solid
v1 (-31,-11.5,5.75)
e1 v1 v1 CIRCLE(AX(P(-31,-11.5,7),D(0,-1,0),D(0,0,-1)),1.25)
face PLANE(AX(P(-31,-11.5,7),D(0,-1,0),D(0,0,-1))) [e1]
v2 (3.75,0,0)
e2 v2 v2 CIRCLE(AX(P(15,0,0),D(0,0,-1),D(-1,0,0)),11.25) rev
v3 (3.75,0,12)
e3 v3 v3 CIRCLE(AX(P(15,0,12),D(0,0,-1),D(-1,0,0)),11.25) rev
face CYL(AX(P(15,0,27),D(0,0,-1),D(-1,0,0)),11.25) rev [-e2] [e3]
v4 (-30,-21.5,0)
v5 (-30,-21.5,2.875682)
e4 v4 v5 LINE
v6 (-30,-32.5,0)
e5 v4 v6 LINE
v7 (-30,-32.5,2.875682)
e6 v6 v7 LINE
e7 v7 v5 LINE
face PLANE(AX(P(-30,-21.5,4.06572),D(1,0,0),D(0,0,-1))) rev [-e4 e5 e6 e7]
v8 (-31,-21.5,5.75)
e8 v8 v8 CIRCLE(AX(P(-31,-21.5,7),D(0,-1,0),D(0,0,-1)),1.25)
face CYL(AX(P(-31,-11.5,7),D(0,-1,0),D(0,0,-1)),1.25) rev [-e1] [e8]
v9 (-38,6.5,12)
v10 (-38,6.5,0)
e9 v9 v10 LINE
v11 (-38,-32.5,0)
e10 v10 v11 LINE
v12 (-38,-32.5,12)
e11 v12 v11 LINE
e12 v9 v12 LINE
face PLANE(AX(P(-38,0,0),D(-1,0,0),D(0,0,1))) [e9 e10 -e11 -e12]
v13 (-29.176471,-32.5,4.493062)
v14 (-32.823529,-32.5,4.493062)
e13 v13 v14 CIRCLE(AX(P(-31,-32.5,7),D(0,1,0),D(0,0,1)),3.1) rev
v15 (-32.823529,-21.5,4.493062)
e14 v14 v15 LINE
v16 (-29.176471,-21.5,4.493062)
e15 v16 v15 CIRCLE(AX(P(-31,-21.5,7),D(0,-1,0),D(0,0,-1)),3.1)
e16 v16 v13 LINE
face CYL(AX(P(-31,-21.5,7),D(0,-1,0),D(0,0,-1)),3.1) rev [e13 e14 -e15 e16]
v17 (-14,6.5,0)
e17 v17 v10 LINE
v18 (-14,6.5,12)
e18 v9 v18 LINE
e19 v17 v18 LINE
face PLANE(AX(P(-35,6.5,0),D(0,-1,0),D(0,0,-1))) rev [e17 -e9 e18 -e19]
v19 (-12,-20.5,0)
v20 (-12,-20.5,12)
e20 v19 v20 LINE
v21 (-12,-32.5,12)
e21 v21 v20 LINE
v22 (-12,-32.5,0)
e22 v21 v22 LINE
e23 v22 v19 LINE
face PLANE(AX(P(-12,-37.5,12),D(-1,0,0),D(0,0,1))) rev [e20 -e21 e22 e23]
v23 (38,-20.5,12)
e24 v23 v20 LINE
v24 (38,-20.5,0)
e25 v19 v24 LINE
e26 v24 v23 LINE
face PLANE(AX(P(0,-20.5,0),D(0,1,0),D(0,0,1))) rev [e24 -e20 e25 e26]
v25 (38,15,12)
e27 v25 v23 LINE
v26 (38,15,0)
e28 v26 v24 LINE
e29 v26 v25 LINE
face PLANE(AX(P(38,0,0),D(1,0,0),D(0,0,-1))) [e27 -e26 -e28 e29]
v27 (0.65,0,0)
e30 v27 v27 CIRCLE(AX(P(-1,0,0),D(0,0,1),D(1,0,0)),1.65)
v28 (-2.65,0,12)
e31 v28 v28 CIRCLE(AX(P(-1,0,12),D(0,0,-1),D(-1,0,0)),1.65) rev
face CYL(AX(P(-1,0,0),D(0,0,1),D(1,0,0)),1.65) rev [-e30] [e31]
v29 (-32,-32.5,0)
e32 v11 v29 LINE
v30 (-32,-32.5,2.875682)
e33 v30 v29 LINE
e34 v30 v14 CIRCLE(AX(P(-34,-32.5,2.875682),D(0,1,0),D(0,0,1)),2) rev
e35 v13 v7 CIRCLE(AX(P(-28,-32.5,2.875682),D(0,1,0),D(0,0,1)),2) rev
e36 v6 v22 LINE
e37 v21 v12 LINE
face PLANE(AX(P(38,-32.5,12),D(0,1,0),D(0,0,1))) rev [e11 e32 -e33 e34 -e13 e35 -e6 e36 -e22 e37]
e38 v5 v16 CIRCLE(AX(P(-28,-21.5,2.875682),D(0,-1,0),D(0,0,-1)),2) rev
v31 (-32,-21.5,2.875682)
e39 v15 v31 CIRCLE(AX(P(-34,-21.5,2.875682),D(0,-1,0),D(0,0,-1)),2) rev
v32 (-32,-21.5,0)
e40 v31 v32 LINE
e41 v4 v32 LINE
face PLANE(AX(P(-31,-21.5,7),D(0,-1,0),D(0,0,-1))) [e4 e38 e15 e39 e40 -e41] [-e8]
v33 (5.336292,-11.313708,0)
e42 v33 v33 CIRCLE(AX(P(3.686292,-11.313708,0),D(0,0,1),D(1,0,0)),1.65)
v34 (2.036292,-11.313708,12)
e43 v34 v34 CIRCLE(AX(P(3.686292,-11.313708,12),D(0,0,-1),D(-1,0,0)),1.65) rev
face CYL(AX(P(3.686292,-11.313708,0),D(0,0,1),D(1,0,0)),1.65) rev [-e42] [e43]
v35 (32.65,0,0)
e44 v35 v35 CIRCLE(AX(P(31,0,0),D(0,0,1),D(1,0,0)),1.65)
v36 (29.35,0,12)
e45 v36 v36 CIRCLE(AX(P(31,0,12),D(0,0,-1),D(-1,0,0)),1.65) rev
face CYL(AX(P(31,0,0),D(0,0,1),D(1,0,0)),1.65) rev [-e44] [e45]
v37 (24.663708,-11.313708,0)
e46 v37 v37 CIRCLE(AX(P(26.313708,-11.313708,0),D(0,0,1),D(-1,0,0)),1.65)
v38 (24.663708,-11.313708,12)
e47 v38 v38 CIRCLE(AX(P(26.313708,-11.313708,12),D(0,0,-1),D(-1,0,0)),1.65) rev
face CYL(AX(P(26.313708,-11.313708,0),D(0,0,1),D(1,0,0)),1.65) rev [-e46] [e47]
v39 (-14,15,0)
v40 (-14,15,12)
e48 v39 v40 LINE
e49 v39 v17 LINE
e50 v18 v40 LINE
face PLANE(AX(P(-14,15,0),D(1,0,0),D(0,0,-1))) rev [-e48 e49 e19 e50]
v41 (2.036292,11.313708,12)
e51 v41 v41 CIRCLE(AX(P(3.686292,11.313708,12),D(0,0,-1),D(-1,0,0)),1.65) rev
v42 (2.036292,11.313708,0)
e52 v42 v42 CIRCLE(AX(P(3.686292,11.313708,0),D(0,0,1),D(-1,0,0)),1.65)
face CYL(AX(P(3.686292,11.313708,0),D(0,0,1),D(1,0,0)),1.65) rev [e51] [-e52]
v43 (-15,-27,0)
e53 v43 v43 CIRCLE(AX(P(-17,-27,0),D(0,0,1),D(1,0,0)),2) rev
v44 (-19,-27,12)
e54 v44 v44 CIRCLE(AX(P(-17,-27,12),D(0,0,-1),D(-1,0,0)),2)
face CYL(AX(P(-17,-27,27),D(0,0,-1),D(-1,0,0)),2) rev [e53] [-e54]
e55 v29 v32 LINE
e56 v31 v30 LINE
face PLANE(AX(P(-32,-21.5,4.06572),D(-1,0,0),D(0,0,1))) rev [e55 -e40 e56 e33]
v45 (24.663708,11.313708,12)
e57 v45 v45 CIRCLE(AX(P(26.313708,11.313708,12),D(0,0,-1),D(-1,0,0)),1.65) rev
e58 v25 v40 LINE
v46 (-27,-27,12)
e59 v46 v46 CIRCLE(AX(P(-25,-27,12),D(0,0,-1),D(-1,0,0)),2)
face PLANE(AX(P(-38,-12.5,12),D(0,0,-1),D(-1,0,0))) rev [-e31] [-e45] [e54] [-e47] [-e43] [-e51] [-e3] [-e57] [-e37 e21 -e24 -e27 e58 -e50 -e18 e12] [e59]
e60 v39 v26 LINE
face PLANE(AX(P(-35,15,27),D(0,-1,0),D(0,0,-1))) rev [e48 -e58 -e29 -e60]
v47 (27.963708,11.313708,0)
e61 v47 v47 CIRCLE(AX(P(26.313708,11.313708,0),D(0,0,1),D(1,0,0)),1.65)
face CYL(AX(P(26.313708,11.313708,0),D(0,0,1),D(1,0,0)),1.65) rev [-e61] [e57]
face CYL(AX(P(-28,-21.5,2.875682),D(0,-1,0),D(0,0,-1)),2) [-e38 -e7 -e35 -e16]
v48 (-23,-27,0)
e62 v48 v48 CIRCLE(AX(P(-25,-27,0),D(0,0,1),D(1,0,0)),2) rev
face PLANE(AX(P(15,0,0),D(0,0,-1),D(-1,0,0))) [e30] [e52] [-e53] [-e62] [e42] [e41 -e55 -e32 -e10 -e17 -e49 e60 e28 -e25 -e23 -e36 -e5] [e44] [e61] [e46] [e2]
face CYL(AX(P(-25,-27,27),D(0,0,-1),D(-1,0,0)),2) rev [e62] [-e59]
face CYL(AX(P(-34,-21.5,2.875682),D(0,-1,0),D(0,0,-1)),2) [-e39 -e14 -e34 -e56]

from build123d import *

# Parameters (mm, degrees)
SKETCH_1_W           = 70
SKETCH_1_H           = 30
EXTRUDE_1_DEPTH      = 27
CUT_EXTRUDE_1_DEPTH  = 47.679760068
SKETCH_3_R           = 1.65
CUT_EXTRUDE_2_DEPTH  = 47.679760068
SKETCH_4_W           = 21
SKETCH_4_H           = 8.5
CUT_EXTRUDE_3_DEPTH  = 47.679760068
SKETCH_7_R           = 11.25
CUT_EXTRUDE_5_DEPTH  = 47.679760068
SKETCH_8_W           = 21.5
SKETCH_8_H           = 21.5
EXTRUDE_2_DEPTH      = 8
SKETCH_10_R          = 1.5
CUT_EXTRUDE_6_DEPTH  = 54.422841557
SKETCH_12_W          = 35
SKETCH_12_H          = 21.5
EXTRUDE_3_DEPTH      = 3
SKETCH_13_R          = 3
CUT_EXTRUDE_7_DEPTH  = 15
SKETCH_14_R          = 1.65
EXTRUDE_4_DEPTH      = 27
SKETCH_15_W          = 27
SKETCH_15_H          = 30
EXTRUDE_5_DEPTH      = 3
EXTRUDE_START        = 5.5
SKETCH_16_R          = 3
EXTRUDE_6_DEPTH      = 5.5
SKETCH_22_W          = 26
SKETCH_22_H          = 15
CUT_EXTRUDE_9_DEPTH  = 8
EXTRUDE_START_2      = 8
SKETCH_20_R          = 11.25
EXTRUDE_8_DEPTH      = 8
CUT_EXTRUDE_8_DEPTH  = 8
SKETCH_23_W          = 26
SKETCH_23_H          = 20
EXTRUDE_9_DEPTH      = 17
SKETCH_24_R          = 2
CUT_EXTRUDE_10_DEPTH = 64.837684795
SKETCH_25_R          = 3.75
CUT_EXTRUDE_11_DEPTH = 5
SKETCH_26_R          = 3.1
CUT_EXTRUDE_12_DEPTH = 16
SKETCH_27_R          = 1.25
CUT_EXTRUDE_13_DEPTH = 10
SKETCH_28_W          = 2
SKETCH_28_H          = 12.06571985
CUT_EXTRUDE_14_DEPTH = 16
FILLET_1_R           = 2
SKETCH_29_W          = 20
SKETCH_29_H          = 5
CUT_EXTRUDE_15_DEPTH = 89.945207853
SKETCH_30_W          = 8
SKETCH_30_H          = 47.5
CUT_EXTRUDE_16_DEPTH = 87.955448363
SKETCH_31_W          = 15
SKETCH_31_H          = 35.5
CUT_EXTRUDE_17_DEPTH = 87.955448363


with BuildPart() as part:
    # 草图1 → 凸台-拉伸1 (new body)
    with BuildSketch(Plane.XY):
        Rectangle(SKETCH_1_W, SKETCH_1_H)
    extrude(amount=EXTRUDE_1_DEPTH)

    # 草图2 → 切除-拉伸1 (cut, through all)
    with BuildSketch(Plane.XY.offset(27)):
        with BuildLine():
            Line((28.228756555, -15), (35, -15))
            Line((35, -15), (35, 0))
            ThreePointArc((35, 0), (33.228756555, -8.228756555), (28.228756555, -15))
        make_face()
        with BuildLine():
            ThreePointArc((28.228756555, 15), (33.228756555, 8.228756555), (35, 0))
            Line((35, 0), (35, 15))
            Line((35, 15), (28.228756555, 15))
        make_face()
    extrude(amount=-CUT_EXTRUDE_1_DEPTH, mode=Mode.SUBTRACT)

    # 草图3 → 切除-拉伸2 (cut, through all)
    with BuildSketch(Plane.XY.offset(27)):
        with Locations((31, 0)):
            Circle(SKETCH_3_R)
        with Locations((26.313708499, 11.313708499)):
            Circle(SKETCH_3_R)
        with Locations(Location((26.313708499, -11.313708499, 0), (0, 0, 180))):
            Circle(SKETCH_3_R)
        with Locations(Location((3.686291501, 11.313708499, 0), (0, 0, 180))):
            Circle(SKETCH_3_R)
        with Locations((3.686291501, -11.313708499)):
            Circle(SKETCH_3_R)
        with Locations((-1, 0)):
            Circle(SKETCH_3_R)
    extrude(amount=-CUT_EXTRUDE_2_DEPTH, mode=Mode.SUBTRACT)

    # 草图4 → 切除-拉伸3 (cut, through all)
    with BuildSketch(Plane.XY.offset(27)):
        with Locations((-24.5, 10.75)):
            Rectangle(SKETCH_4_W, SKETCH_4_H)
    extrude(amount=-CUT_EXTRUDE_3_DEPTH, mode=Mode.SUBTRACT)

    # 草图7 → 切除-拉伸5 (cut, through all)
    with BuildSketch(Plane(origin=(0, 0, 0), x_dir=(-1, 0, 0), z_dir=(0, 0, -1))):
        with Locations((-15, 0)):
            Circle(SKETCH_7_R)
    extrude(amount=-CUT_EXTRUDE_5_DEPTH, mode=Mode.SUBTRACT)

    # 草图8 → 凸台-拉伸2 (add)
    with BuildSketch(Plane(origin=(0, 0, 0), x_dir=(-1, 0, 0), z_dir=(0, 0, -1))):
        with Locations((24.25, -4.25)):
            Rectangle(SKETCH_8_W, SKETCH_8_H)
    extrude(amount=EXTRUDE_2_DEPTH)

    # 草图10 → 切除-拉伸6 (cut, through all)
    with BuildSketch(Plane.XZ.offset(15)):
        with Locations(Location((-17.5, 19.95, 0), (0, 0, 270))):
            Circle(SKETCH_10_R)
        with Locations(Location((-32.5, 19.95, 0), (0, 0, 270))):
            Circle(SKETCH_10_R)
    extrude(amount=-CUT_EXTRUDE_6_DEPTH, mode=Mode.SUBTRACT)

    # 草图12 → 凸台-拉伸3 (add)
    with BuildSketch(Plane.ZY.offset(35)):
        with Locations((9.5, -4.25)):
            Rectangle(SKETCH_12_W, SKETCH_12_H)
    extrude(amount=EXTRUDE_3_DEPTH)

    # 草图13 → 切除-拉伸7 (cut)
    with BuildSketch(Plane.XZ.offset(15)):
        with Locations(Location((-32.5, 19.95, 0), (0, 0, 270))):
            Circle(SKETCH_13_R)
        with Locations(Location((-17.5, 19.95, 0), (0, 0, 270))):
            Circle(SKETCH_13_R)
    extrude(amount=-CUT_EXTRUDE_7_DEPTH, mode=Mode.SUBTRACT)

    # 草图14 → 凸台-拉伸4 (add)
    with BuildSketch(Plane.XY.offset(27)):
        Polygon((28.228756555, -15), (35, -15), (35, 0), (35, 15), (28.228756555, 15), (28.228756555, 12.920752662), (28.228756555, 9.706664336), (28.228756555, 0), (28.228756555, -9.706664336), (28.228756555, -12.920752662), align=None)
        with Locations((31, 0)):
            Circle(SKETCH_14_R, mode=Mode.SUBTRACT)
    extrude(amount=-EXTRUDE_4_DEPTH)

    # 草图15 → 凸台-拉伸5 (add)
    with BuildSketch(Plane(origin=(35, 0, 0), x_dir=(0, 0, -1), z_dir=(1, 0, 0))):
        with Locations((-13.5, 0)):
            Rectangle(SKETCH_15_W, SKETCH_15_H)
    extrude(amount=EXTRUDE_5_DEPTH)

    # 草图16 → 凸台-拉伸6 (add)
    with BuildSketch(Plane.XZ.offset(15).offset(EXTRUDE_START)):
        Polygon((-13.5, 0), (38, 0), (38, 27), (-38, 27), (-38, -8), (-13.5, -8), align=None)
        with Locations(Location((-32.5, 19.95, 0), (0, 0, 270))):
            Circle(SKETCH_16_R, mode=Mode.SUBTRACT)
        with Locations(Location((-17.5, 19.95, 0), (0, 0, 270))):
            Circle(SKETCH_16_R, mode=Mode.SUBTRACT)
    extrude(amount=-EXTRUDE_6_DEPTH)

    # 草图22 → 切除-拉伸9 (cut)
    with BuildSketch(Plane.XZ.offset(20.5)):
        with Locations((-25, 19.5)):
            Rectangle(SKETCH_22_W, SKETCH_22_H)
    extrude(amount=-CUT_EXTRUDE_9_DEPTH, mode=Mode.SUBTRACT)

    # 草图20 → 凸台-拉伸8 (add)
    with BuildSketch(Plane(origin=(0, 0, 0), x_dir=(-1, 0, 0), z_dir=(0, 0, -1)).offset(EXTRUDE_START_2)):
        Polygon((14, 15), (-38, 15), (-38, -20.5), (13.5, -20.5), (13.5, 6.5), (14, 6.5), align=None)
        with Locations((-15, 0)):
            Circle(SKETCH_20_R, mode=Mode.SUBTRACT)
    extrude(amount=-EXTRUDE_8_DEPTH)

    # 草图21 → 切除-拉伸8 (cut)
    with BuildSketch(Plane(origin=(0, 0, -8), x_dir=(-1, 0, 0), z_dir=(0, 0, -1))):
        with BuildLine():
            Line((-27.816005618, -16), (-2.183994382, -16))
            ThreePointArc((-2.183994382, -16), (-15, 20.5), (-27.816005618, -16))
        make_face()
    extrude(amount=-CUT_EXTRUDE_8_DEPTH, mode=Mode.SUBTRACT)

    # 草图23 → 凸台-拉伸9 (add)
    with BuildSketch(Plane.XZ.offset(20.5)):
        with Locations((-25, 2)):
            Rectangle(SKETCH_23_W, SKETCH_23_H)
    extrude(amount=EXTRUDE_9_DEPTH)

    # 草图24 → 切除-拉伸10 (cut, through all)
    with BuildSketch(Plane(origin=(0, 0, -8), x_dir=(-1, 0, 0), z_dir=(0, 0, -1))):
        with Locations((17, -27)):
            Circle(SKETCH_24_R)
        with Locations((25, -27)):
            Circle(SKETCH_24_R)
    extrude(amount=-CUT_EXTRUDE_10_DEPTH, mode=Mode.SUBTRACT)

    # 草图25 → 切除-拉伸11 (cut)
    with BuildSketch(Plane(origin=(0, 0, -8), x_dir=(-1, 0, 0), z_dir=(0, 0, -1))):
        with Locations((17, -27)):
            Circle(SKETCH_25_R)
        with Locations((25, -27)):
            Circle(SKETCH_25_R)
    extrude(amount=-CUT_EXTRUDE_11_DEPTH, mode=Mode.SUBTRACT)

    # 草图26 → 切除-拉伸12 (cut)
    with BuildSketch(Plane.XZ.offset(37.5)):
        with Locations(Location((-31, 7, 0), (0, 0, 270))):
            Circle(SKETCH_26_R)
    extrude(amount=-CUT_EXTRUDE_12_DEPTH, mode=Mode.SUBTRACT)

    # 草图27 → 切除-拉伸13 (cut)
    with BuildSketch(Plane.XZ.offset(21.5)):
        with Locations(Location((-31, 7, 0), (0, 0, 270))):
            Circle(SKETCH_27_R)
    extrude(amount=-CUT_EXTRUDE_13_DEPTH, mode=Mode.SUBTRACT)

    # 草图28 → 切除-拉伸14 (cut)
    with BuildSketch(Plane.XZ.offset(37.5)):
        with Locations((-31, -1.967140075)):
            Rectangle(SKETCH_28_W, SKETCH_28_H)
    extrude(amount=-CUT_EXTRUDE_14_DEPTH, mode=Mode.SUBTRACT)

    # 圆角1
    fillet_1_edges = [part.edges().sort_by_distance(p)[0] for p in [
        (-32, -29.5, 4.06571985),
        (-30, -29.5, 4.06571985),
    ]]
    fillet(fillet_1_edges, radius=FILLET_1_R)

    # 草图29 → 切除-拉伸15 (cut, through all)
    with BuildSketch(Plane.ZY.offset(38)):
        with Locations((2, -35)):
            Rectangle(SKETCH_29_W, SKETCH_29_H)
    extrude(amount=-CUT_EXTRUDE_15_DEPTH, mode=Mode.SUBTRACT)

    # 草图30 → 切除-拉伸16 (cut, through all)
    with BuildSketch(Plane(origin=(38, 0, 0), x_dir=(0, 0, -1), z_dir=(1, 0, 0))):
        with Locations((4, -8.75)):
            Rectangle(SKETCH_30_W, SKETCH_30_H)
    extrude(amount=-CUT_EXTRUDE_16_DEPTH, mode=Mode.SUBTRACT)

    # 草图31 → 切除-拉伸17 (cut, through all)
    with BuildSketch(Plane.ZY.offset(38)):
        with Locations((19.5, -2.75)):
            Rectangle(SKETCH_31_W, SKETCH_31_H)
    extrude(amount=-CUT_EXTRUDE_17_DEPTH, mode=Mode.SUBTRACT)


solid = part.part
